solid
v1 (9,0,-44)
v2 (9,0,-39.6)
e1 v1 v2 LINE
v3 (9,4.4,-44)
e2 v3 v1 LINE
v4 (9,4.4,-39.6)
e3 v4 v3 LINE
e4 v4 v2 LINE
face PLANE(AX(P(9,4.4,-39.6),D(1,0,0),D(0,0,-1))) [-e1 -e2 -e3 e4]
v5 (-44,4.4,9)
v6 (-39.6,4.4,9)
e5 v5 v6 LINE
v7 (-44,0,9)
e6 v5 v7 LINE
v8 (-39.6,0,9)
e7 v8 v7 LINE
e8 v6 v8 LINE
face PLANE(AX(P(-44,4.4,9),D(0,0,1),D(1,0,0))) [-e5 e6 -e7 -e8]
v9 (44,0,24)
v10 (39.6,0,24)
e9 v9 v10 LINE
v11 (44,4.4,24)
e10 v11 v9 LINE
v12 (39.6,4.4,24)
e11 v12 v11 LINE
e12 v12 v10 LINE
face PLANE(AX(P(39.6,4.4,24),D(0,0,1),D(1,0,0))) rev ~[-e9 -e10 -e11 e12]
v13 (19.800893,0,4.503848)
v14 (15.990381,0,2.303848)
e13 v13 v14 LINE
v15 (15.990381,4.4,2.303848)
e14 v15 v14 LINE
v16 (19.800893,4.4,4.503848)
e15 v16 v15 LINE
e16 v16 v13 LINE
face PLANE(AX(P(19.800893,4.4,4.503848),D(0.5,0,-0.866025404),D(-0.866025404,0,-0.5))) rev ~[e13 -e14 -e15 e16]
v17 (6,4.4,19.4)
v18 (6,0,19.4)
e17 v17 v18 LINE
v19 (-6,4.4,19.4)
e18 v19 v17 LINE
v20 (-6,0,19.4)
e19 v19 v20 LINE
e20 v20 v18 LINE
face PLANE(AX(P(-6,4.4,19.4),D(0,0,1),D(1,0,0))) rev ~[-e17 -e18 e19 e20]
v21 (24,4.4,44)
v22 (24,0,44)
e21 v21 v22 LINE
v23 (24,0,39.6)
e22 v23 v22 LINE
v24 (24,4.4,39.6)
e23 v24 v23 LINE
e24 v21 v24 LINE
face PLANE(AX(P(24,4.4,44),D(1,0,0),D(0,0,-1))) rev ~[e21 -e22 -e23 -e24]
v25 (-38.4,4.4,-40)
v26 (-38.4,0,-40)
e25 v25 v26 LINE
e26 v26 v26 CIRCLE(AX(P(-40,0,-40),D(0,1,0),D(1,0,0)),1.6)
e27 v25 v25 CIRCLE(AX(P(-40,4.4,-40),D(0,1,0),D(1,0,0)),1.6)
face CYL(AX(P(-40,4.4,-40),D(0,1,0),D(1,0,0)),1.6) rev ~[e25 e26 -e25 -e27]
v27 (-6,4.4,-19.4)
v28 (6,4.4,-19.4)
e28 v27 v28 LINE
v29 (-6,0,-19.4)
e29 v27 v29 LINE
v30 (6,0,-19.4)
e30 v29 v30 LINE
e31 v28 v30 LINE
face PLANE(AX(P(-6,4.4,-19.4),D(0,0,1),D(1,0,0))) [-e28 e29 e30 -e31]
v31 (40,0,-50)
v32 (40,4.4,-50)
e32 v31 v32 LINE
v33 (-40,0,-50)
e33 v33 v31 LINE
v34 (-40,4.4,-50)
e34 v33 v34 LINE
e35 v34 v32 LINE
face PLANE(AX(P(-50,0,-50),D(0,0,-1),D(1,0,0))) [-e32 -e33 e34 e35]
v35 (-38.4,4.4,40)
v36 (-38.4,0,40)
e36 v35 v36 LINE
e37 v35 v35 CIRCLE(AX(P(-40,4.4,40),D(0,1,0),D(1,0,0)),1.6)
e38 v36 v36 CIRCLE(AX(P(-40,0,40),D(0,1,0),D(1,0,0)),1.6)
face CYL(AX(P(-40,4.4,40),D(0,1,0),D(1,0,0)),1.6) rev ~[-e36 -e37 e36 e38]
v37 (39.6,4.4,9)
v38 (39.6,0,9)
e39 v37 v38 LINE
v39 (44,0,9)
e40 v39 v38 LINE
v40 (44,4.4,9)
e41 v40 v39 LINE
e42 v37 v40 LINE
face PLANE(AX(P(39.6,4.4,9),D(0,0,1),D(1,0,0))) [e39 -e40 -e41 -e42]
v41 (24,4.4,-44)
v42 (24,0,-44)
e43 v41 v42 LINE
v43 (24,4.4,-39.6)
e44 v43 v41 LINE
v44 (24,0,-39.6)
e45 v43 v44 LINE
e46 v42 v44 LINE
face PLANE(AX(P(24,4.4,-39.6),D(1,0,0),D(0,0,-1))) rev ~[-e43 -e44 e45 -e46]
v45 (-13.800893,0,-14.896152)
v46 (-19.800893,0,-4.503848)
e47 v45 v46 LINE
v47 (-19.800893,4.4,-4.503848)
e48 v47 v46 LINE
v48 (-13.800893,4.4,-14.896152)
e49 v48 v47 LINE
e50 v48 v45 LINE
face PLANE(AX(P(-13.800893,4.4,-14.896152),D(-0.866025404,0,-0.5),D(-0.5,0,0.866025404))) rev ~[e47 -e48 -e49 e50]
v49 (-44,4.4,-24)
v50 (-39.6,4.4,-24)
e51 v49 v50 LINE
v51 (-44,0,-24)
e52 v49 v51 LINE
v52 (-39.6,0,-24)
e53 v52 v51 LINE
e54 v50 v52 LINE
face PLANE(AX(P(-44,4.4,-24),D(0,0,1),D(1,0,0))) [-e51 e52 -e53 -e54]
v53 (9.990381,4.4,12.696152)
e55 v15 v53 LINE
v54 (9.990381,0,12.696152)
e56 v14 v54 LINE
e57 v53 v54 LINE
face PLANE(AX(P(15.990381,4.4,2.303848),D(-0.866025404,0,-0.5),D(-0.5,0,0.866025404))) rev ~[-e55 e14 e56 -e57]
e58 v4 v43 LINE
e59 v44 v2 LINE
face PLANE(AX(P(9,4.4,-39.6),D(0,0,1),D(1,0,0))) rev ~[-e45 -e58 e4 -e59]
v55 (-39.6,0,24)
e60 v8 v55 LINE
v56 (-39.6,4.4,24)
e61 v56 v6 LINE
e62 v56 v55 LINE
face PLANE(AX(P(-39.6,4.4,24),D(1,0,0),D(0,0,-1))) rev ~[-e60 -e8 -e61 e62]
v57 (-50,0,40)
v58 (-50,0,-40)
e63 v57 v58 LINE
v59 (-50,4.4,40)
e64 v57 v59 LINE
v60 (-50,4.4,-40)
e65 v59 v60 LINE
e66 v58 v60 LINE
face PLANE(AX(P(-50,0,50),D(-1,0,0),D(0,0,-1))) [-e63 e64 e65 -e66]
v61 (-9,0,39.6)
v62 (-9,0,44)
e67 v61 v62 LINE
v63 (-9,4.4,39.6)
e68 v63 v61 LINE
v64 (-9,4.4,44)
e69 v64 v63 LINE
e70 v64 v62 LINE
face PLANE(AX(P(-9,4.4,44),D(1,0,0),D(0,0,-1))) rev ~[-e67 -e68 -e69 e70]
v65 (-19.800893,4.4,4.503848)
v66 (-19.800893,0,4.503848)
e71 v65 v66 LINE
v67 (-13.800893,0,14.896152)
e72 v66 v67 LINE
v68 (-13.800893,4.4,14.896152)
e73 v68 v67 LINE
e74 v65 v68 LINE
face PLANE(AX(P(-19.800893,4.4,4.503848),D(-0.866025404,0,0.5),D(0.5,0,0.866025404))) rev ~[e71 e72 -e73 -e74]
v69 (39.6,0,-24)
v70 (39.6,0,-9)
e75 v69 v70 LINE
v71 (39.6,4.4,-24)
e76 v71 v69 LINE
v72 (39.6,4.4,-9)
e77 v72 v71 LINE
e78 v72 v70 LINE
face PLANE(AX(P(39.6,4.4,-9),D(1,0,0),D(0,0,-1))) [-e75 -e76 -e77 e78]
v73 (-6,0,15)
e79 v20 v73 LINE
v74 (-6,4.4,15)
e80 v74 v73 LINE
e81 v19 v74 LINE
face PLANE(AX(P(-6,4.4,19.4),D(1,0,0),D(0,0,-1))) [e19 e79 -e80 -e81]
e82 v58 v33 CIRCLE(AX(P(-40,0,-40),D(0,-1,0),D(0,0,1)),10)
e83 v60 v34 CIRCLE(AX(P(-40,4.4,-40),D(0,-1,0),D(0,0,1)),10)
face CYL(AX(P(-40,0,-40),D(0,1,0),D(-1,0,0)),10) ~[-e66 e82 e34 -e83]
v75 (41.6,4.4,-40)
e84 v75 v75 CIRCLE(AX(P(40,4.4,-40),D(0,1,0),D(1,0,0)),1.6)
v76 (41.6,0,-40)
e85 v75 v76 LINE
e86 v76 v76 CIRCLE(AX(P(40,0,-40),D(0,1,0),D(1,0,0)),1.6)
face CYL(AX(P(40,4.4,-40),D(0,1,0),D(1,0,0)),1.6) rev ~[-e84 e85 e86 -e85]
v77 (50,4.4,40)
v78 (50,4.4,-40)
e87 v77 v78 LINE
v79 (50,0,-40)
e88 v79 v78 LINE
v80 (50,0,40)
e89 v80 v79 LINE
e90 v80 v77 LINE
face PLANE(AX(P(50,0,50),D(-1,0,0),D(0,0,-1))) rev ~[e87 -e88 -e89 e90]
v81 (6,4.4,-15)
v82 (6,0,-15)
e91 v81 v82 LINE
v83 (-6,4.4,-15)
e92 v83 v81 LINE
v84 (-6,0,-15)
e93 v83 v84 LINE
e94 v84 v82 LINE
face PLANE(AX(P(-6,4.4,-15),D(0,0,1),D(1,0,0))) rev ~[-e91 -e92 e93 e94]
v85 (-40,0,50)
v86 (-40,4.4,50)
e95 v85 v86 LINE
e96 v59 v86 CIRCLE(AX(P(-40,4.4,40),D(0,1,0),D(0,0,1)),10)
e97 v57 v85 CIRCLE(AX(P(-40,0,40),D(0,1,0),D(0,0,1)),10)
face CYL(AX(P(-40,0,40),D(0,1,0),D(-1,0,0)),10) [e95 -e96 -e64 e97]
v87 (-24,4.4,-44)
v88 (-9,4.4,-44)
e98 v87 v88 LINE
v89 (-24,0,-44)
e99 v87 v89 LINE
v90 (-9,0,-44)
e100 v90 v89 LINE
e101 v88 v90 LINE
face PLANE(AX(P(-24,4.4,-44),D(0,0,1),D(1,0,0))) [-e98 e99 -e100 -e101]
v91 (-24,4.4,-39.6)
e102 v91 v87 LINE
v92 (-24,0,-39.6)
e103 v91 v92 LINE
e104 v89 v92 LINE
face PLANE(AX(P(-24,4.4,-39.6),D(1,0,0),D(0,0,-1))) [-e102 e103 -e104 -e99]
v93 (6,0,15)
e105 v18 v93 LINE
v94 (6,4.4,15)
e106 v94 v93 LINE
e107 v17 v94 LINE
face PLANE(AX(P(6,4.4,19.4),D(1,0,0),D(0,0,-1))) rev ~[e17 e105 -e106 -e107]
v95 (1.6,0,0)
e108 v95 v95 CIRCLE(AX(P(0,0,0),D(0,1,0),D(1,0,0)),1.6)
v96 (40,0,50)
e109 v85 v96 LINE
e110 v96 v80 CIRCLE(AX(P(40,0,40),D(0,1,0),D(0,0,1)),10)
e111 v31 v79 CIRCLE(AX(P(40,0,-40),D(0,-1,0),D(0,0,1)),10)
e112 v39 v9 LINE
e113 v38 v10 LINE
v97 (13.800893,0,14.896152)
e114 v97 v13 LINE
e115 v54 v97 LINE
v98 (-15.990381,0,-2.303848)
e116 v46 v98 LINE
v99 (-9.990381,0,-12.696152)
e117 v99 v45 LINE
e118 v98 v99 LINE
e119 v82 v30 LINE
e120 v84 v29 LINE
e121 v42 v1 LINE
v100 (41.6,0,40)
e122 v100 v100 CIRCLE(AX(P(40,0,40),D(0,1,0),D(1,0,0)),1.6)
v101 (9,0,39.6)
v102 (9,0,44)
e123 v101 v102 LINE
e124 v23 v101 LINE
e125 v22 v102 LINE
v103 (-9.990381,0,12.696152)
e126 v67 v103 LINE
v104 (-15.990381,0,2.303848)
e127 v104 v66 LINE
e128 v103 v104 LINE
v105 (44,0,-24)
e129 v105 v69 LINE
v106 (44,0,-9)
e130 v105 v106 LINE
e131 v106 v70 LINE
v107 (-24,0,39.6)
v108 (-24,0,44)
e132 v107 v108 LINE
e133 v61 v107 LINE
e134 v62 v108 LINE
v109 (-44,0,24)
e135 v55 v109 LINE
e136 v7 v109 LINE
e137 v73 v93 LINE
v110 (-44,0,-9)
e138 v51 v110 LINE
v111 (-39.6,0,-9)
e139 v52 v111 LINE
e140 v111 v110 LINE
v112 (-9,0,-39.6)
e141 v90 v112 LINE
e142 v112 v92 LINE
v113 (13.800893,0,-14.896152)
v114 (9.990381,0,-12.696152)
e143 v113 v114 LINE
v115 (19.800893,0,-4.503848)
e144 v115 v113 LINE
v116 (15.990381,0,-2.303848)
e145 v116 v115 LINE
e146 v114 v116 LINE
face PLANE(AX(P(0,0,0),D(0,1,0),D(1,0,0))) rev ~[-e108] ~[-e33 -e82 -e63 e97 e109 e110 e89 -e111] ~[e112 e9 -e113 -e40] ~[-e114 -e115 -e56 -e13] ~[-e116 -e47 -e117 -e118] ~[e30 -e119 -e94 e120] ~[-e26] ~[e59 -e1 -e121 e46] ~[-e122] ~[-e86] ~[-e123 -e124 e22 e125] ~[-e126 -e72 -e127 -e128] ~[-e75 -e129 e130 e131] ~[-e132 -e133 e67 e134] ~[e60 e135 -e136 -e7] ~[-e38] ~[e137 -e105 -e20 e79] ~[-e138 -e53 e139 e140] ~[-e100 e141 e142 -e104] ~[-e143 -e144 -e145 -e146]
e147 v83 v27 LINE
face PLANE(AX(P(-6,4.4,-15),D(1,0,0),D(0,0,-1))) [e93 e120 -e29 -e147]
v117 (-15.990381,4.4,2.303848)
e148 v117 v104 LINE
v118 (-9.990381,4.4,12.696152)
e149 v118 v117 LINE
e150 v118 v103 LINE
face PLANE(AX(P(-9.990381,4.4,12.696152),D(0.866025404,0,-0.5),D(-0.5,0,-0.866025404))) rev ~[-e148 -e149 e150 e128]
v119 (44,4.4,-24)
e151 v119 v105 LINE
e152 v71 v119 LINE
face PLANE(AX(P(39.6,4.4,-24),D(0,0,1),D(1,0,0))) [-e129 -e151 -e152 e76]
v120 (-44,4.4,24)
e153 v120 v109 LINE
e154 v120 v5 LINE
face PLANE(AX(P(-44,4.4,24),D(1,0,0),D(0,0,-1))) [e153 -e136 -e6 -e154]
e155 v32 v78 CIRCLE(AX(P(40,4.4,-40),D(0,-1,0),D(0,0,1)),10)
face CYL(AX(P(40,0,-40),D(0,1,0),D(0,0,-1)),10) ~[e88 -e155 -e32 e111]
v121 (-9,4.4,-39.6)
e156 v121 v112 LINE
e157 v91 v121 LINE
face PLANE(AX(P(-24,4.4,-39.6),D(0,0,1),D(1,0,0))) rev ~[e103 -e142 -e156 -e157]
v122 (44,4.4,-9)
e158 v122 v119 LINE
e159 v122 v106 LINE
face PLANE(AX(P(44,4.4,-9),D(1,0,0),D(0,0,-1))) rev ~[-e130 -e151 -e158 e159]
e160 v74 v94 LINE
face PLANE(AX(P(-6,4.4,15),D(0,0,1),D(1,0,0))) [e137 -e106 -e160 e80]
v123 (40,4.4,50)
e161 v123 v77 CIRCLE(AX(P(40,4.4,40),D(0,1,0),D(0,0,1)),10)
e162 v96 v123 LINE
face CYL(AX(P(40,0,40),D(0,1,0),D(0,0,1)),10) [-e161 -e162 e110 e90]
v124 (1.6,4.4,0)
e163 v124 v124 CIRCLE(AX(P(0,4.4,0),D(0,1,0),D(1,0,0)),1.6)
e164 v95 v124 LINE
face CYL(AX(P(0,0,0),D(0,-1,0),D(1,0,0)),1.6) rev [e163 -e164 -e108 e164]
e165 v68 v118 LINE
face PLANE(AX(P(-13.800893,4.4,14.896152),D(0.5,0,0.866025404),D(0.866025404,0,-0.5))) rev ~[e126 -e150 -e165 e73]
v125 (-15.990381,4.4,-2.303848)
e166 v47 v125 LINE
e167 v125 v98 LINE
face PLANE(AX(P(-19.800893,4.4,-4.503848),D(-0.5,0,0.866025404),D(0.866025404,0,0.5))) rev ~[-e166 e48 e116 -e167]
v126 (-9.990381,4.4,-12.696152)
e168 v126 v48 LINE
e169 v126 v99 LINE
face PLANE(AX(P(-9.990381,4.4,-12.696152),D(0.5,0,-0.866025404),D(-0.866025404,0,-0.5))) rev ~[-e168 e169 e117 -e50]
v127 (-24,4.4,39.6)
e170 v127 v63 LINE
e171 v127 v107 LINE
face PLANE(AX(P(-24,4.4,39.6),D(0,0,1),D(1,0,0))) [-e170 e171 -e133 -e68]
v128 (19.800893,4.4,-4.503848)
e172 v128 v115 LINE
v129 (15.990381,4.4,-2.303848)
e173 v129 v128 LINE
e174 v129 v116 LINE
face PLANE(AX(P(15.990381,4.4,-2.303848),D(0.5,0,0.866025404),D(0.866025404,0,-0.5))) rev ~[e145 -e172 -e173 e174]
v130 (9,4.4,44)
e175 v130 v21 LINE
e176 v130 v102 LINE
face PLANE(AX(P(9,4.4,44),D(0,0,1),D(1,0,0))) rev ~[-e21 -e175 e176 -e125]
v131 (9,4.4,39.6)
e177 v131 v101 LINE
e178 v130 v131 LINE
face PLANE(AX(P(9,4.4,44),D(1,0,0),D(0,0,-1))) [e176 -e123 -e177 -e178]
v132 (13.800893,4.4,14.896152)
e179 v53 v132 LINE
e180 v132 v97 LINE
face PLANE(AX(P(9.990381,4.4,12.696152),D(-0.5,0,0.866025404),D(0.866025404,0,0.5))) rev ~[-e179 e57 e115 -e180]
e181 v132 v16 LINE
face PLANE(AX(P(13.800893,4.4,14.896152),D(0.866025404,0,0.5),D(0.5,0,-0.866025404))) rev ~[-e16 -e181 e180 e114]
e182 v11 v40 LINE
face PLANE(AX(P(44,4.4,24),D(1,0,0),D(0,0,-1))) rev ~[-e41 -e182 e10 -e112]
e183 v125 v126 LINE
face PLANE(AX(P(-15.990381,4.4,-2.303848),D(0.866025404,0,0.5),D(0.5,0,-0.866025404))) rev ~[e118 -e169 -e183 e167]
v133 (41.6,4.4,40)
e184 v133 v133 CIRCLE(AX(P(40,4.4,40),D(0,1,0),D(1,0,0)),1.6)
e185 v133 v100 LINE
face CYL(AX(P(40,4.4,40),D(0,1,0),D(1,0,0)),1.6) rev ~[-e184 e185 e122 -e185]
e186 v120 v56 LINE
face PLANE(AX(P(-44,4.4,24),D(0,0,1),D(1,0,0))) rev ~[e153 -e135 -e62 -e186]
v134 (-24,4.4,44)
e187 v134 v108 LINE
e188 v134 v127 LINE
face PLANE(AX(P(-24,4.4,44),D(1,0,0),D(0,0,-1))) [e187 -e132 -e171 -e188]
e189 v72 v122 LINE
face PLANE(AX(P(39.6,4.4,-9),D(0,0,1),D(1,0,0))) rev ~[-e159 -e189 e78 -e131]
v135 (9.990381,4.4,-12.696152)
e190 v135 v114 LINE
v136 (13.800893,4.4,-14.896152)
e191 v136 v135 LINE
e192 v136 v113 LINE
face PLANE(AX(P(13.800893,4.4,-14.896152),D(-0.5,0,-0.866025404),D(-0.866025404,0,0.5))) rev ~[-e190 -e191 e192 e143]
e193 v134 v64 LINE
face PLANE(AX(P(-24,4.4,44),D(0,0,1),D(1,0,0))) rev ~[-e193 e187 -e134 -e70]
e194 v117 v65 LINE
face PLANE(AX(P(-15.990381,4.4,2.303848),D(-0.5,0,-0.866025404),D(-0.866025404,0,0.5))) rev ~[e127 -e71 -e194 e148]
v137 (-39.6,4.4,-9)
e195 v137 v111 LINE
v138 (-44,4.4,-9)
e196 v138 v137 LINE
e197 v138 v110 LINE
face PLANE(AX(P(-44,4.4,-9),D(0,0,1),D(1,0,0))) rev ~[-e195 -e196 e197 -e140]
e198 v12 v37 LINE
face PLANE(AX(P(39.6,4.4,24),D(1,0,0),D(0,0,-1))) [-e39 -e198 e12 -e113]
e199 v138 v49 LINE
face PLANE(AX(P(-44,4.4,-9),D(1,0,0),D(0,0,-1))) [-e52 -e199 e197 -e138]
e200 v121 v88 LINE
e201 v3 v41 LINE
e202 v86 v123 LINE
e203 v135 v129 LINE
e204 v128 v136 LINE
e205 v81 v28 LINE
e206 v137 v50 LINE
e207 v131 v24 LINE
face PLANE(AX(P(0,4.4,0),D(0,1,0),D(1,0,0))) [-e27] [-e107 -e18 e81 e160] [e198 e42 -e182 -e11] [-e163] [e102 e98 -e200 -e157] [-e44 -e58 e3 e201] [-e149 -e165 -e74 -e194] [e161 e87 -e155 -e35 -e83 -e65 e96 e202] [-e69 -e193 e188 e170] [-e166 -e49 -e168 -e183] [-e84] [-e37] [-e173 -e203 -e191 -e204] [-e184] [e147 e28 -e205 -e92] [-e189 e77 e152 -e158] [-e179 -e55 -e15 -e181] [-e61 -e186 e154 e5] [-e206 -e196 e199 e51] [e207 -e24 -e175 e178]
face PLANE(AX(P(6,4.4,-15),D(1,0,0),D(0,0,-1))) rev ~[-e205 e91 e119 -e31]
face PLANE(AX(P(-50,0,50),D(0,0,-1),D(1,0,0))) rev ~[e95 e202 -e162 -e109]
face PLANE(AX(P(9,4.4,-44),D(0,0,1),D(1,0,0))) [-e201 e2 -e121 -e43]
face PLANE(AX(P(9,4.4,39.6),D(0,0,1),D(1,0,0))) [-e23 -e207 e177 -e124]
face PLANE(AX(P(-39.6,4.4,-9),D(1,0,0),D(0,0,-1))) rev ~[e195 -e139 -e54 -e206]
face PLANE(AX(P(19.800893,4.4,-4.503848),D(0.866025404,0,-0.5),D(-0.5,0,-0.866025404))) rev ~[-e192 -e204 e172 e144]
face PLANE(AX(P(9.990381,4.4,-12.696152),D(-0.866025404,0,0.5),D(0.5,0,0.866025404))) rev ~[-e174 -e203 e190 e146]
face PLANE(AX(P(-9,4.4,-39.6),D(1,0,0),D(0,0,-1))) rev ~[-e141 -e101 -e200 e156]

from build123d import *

# Parameters (mm, degrees)
SKETCH_1_W          = 100
SKETCH_1_H          = 100
SKETCH_1_R          = 1.6
EXTRUDE_1_DEPTH     = 4.4
FILLET_1_R          = 10
CUT_EXTRUDE_1_REACH = 6.4
SKETCH_2_R          = 1.6
SKETCH_2_W          = 15
SKETCH_2_H          = 4.4
SKETCH_2_W_2        = 4.4
SKETCH_2_H_2        = 15
SKETCH_3_W          = 12
SKETCH_3_H          = 4.4
CUT_EXTRUDE_2_DEPTH = 5.4


with BuildPart() as part:
    # 草图1 → 凸台-拉伸1 (new body)
    with BuildSketch(Plane(origin=(0, 0, 0), x_dir=(1, 0, 0), z_dir=(0, 1, 0))):
        Rectangle(SKETCH_1_W, SKETCH_1_H)
        Circle(SKETCH_1_R, mode=Mode.SUBTRACT)
    extrude(amount=EXTRUDE_1_DEPTH)

    # 圆角1
    fillet_1_edges = [part.edges().sort_by_distance(p)[0] for p in [
        (50, 2.2, 50),
        (-50, 2.2, 50),
        (-50, 2.2, -50),
        (50, 2.2, -50),
    ]]
    fillet(fillet_1_edges, radius=FILLET_1_R)

    # 草图2 → 切除-拉伸1 (cut, up to next)
    with BuildSketch(Plane(origin=(0, 4.4, 0), x_dir=(1, 0, 0), z_dir=(0, 1, 0)), mode=Mode.PRIVATE) as cut_extrude_1_sk1:
        with Locations((40, 40)):
            Circle(SKETCH_2_R)
    cut_extrude_1_tool1 = extrude(cut_extrude_1_sk1.sketch, amount=-CUT_EXTRUDE_1_REACH, mode=Mode.PRIVATE) & part.part
    add(cut_extrude_1_tool1.solids().sort_by_distance((40, 4.4, -40))[0], mode=Mode.SUBTRACT)
    # 草图2 → 切除-拉伸1 (cut, up to next)
    with BuildSketch(Plane(origin=(0, 4.4, 0), x_dir=(1, 0, 0), z_dir=(0, 1, 0)), mode=Mode.PRIVATE) as cut_extrude_1_sk2:
        with Locations((40, -40)):
            Circle(SKETCH_2_R)
    cut_extrude_1_tool2 = extrude(cut_extrude_1_sk2.sketch, amount=-CUT_EXTRUDE_1_REACH, mode=Mode.PRIVATE) & part.part
    add(cut_extrude_1_tool2.solids().sort_by_distance((40, 4.4, 40))[0], mode=Mode.SUBTRACT)
    # 草图2 → 切除-拉伸1 (cut, up to next)
    with BuildSketch(Plane(origin=(0, 4.4, 0), x_dir=(1, 0, 0), z_dir=(0, 1, 0)), mode=Mode.PRIVATE) as cut_extrude_1_sk3:
        with Locations((-40, -40)):
            Circle(SKETCH_2_R)
    cut_extrude_1_tool3 = extrude(cut_extrude_1_sk3.sketch, amount=-CUT_EXTRUDE_1_REACH, mode=Mode.PRIVATE) & part.part
    add(cut_extrude_1_tool3.solids().sort_by_distance((-40, 4.4, 40))[0], mode=Mode.SUBTRACT)
    # 草图2 → 切除-拉伸1 (cut, up to next)
    with BuildSketch(Plane(origin=(0, 4.4, 0), x_dir=(1, 0, 0), z_dir=(0, 1, 0)), mode=Mode.PRIVATE) as cut_extrude_1_sk4:
        with Locations((-40, 40)):
            Circle(SKETCH_2_R)
    cut_extrude_1_tool4 = extrude(cut_extrude_1_sk4.sketch, amount=-CUT_EXTRUDE_1_REACH, mode=Mode.PRIVATE) & part.part
    add(cut_extrude_1_tool4.solids().sort_by_distance((-40, 4.4, -40))[0], mode=Mode.SUBTRACT)
    # 草图2 → 切除-拉伸1 (cut, up to next)
    with BuildSketch(Plane(origin=(0, 4.4, 0), x_dir=(1, 0, 0), z_dir=(0, 1, 0)), mode=Mode.PRIVATE) as cut_extrude_1_sk5:
        with Locations((-16.5, 41.8)):
            Rectangle(SKETCH_2_W, SKETCH_2_H)
    cut_extrude_1_tool5 = extrude(cut_extrude_1_sk5.sketch, amount=-CUT_EXTRUDE_1_REACH, mode=Mode.PRIVATE) & part.part
    add(cut_extrude_1_tool5.solids().sort_by_distance((-16.5, 4.4, -41.8))[0], mode=Mode.SUBTRACT)
    # 草图2 → 切除-拉伸1 (cut, up to next)
    with BuildSketch(Plane(origin=(0, 4.4, 0), x_dir=(1, 0, 0), z_dir=(0, 1, 0)), mode=Mode.PRIVATE) as cut_extrude_1_sk6:
        with Locations((16.5, 41.8)):
            Rectangle(SKETCH_2_W, SKETCH_2_H)
    cut_extrude_1_tool6 = extrude(cut_extrude_1_sk6.sketch, amount=-CUT_EXTRUDE_1_REACH, mode=Mode.PRIVATE) & part.part
    add(cut_extrude_1_tool6.solids().sort_by_distance((16.5, 4.4, -41.8))[0], mode=Mode.SUBTRACT)
    # 草图2 → 切除-拉伸1 (cut, up to next)
    with BuildSketch(Plane(origin=(0, 4.4, 0), x_dir=(1, 0, 0), z_dir=(0, 1, 0)), mode=Mode.PRIVATE) as cut_extrude_1_sk7:
        with Locations((41.8, -16.5)):
            Rectangle(SKETCH_2_W_2, SKETCH_2_H_2)
    cut_extrude_1_tool7 = extrude(cut_extrude_1_sk7.sketch, amount=-CUT_EXTRUDE_1_REACH, mode=Mode.PRIVATE) & part.part
    add(cut_extrude_1_tool7.solids().sort_by_distance((41.8, 4.4, 16.5))[0], mode=Mode.SUBTRACT)
    # 草图2 → 切除-拉伸1 (cut, up to next)
    with BuildSketch(Plane(origin=(0, 4.4, 0), x_dir=(1, 0, 0), z_dir=(0, 1, 0)), mode=Mode.PRIVATE) as cut_extrude_1_sk8:
        with Locations((41.8, 16.5)):
            Rectangle(SKETCH_2_W_2, SKETCH_2_H_2)
    cut_extrude_1_tool8 = extrude(cut_extrude_1_sk8.sketch, amount=-CUT_EXTRUDE_1_REACH, mode=Mode.PRIVATE) & part.part
    add(cut_extrude_1_tool8.solids().sort_by_distance((41.8, 4.4, -16.5))[0], mode=Mode.SUBTRACT)
    # 草图2 → 切除-拉伸1 (cut, up to next)
    with BuildSketch(Plane(origin=(0, 4.4, 0), x_dir=(1, 0, 0), z_dir=(0, 1, 0)), mode=Mode.PRIVATE) as cut_extrude_1_sk9:
        with Locations((-16.5, -41.8)):
            Rectangle(SKETCH_2_W, SKETCH_2_H)
    cut_extrude_1_tool9 = extrude(cut_extrude_1_sk9.sketch, amount=-CUT_EXTRUDE_1_REACH, mode=Mode.PRIVATE) & part.part
    add(cut_extrude_1_tool9.solids().sort_by_distance((-16.5, 4.4, 41.8))[0], mode=Mode.SUBTRACT)
    # 草图2 → 切除-拉伸1 (cut, up to next)
    with BuildSketch(Plane(origin=(0, 4.4, 0), x_dir=(1, 0, 0), z_dir=(0, 1, 0)), mode=Mode.PRIVATE) as cut_extrude_1_sk10:
        with Locations((16.5, -41.8)):
            Rectangle(SKETCH_2_W, SKETCH_2_H)
    cut_extrude_1_tool10 = extrude(cut_extrude_1_sk10.sketch, amount=-CUT_EXTRUDE_1_REACH, mode=Mode.PRIVATE) & part.part
    add(cut_extrude_1_tool10.solids().sort_by_distance((16.5, 4.4, 41.8))[0], mode=Mode.SUBTRACT)
    # 草图2 → 切除-拉伸1 (cut, up to next)
    with BuildSketch(Plane(origin=(0, 4.4, 0), x_dir=(1, 0, 0), z_dir=(0, 1, 0)), mode=Mode.PRIVATE) as cut_extrude_1_sk11:
        with Locations((-41.8, 16.5)):
            Rectangle(SKETCH_2_W_2, SKETCH_2_H_2)
    cut_extrude_1_tool11 = extrude(cut_extrude_1_sk11.sketch, amount=-CUT_EXTRUDE_1_REACH, mode=Mode.PRIVATE) & part.part
    add(cut_extrude_1_tool11.solids().sort_by_distance((-41.8, 4.4, -16.5))[0], mode=Mode.SUBTRACT)
    # 草图2 → 切除-拉伸1 (cut, up to next)
    with BuildSketch(Plane(origin=(0, 4.4, 0), x_dir=(1, 0, 0), z_dir=(0, 1, 0)), mode=Mode.PRIVATE) as cut_extrude_1_sk12:
        with Locations((-41.8, -16.5)):
            Rectangle(SKETCH_2_W_2, SKETCH_2_H_2)
    cut_extrude_1_tool12 = extrude(cut_extrude_1_sk12.sketch, amount=-CUT_EXTRUDE_1_REACH, mode=Mode.PRIVATE) & part.part
    add(cut_extrude_1_tool12.solids().sort_by_distance((-41.8, 4.4, 16.5))[0], mode=Mode.SUBTRACT)

    # 草图3 → 切除-拉伸2 (cut, through all)
    with BuildSketch(Plane(origin=(0, 4.4, 0), x_dir=(1, 0, 0), z_dir=(0, 1, 0))):
        with Locations((0, 17.2)):
            Rectangle(SKETCH_3_W, SKETCH_3_H)
        Polygon((13.800892833, 14.896152423), (9.990381057, 12.696152423), (15.990381057, 2.303847577), (19.800892833, 4.503847577), align=None)
        Polygon((19.800892833, -4.503847577), (15.990381057, -2.303847577), (9.990381057, -12.696152423), (13.800892833, -14.896152423), align=None)
        with Locations((0, -17.2)):
            Rectangle(SKETCH_3_W, SKETCH_3_H)
        Polygon((-13.800892833, -14.896152423), (-9.990381057, -12.696152423), (-15.990381057, -2.303847577), (-19.800892833, -4.503847577), align=None)
        Polygon((-19.800892833, 4.503847577), (-15.990381057, 2.303847577), (-9.990381057, 12.696152423), (-13.800892833, 14.896152423), align=None)
    extrude(amount=-CUT_EXTRUDE_2_DEPTH, mode=Mode.SUBTRACT)


solid = part.part
